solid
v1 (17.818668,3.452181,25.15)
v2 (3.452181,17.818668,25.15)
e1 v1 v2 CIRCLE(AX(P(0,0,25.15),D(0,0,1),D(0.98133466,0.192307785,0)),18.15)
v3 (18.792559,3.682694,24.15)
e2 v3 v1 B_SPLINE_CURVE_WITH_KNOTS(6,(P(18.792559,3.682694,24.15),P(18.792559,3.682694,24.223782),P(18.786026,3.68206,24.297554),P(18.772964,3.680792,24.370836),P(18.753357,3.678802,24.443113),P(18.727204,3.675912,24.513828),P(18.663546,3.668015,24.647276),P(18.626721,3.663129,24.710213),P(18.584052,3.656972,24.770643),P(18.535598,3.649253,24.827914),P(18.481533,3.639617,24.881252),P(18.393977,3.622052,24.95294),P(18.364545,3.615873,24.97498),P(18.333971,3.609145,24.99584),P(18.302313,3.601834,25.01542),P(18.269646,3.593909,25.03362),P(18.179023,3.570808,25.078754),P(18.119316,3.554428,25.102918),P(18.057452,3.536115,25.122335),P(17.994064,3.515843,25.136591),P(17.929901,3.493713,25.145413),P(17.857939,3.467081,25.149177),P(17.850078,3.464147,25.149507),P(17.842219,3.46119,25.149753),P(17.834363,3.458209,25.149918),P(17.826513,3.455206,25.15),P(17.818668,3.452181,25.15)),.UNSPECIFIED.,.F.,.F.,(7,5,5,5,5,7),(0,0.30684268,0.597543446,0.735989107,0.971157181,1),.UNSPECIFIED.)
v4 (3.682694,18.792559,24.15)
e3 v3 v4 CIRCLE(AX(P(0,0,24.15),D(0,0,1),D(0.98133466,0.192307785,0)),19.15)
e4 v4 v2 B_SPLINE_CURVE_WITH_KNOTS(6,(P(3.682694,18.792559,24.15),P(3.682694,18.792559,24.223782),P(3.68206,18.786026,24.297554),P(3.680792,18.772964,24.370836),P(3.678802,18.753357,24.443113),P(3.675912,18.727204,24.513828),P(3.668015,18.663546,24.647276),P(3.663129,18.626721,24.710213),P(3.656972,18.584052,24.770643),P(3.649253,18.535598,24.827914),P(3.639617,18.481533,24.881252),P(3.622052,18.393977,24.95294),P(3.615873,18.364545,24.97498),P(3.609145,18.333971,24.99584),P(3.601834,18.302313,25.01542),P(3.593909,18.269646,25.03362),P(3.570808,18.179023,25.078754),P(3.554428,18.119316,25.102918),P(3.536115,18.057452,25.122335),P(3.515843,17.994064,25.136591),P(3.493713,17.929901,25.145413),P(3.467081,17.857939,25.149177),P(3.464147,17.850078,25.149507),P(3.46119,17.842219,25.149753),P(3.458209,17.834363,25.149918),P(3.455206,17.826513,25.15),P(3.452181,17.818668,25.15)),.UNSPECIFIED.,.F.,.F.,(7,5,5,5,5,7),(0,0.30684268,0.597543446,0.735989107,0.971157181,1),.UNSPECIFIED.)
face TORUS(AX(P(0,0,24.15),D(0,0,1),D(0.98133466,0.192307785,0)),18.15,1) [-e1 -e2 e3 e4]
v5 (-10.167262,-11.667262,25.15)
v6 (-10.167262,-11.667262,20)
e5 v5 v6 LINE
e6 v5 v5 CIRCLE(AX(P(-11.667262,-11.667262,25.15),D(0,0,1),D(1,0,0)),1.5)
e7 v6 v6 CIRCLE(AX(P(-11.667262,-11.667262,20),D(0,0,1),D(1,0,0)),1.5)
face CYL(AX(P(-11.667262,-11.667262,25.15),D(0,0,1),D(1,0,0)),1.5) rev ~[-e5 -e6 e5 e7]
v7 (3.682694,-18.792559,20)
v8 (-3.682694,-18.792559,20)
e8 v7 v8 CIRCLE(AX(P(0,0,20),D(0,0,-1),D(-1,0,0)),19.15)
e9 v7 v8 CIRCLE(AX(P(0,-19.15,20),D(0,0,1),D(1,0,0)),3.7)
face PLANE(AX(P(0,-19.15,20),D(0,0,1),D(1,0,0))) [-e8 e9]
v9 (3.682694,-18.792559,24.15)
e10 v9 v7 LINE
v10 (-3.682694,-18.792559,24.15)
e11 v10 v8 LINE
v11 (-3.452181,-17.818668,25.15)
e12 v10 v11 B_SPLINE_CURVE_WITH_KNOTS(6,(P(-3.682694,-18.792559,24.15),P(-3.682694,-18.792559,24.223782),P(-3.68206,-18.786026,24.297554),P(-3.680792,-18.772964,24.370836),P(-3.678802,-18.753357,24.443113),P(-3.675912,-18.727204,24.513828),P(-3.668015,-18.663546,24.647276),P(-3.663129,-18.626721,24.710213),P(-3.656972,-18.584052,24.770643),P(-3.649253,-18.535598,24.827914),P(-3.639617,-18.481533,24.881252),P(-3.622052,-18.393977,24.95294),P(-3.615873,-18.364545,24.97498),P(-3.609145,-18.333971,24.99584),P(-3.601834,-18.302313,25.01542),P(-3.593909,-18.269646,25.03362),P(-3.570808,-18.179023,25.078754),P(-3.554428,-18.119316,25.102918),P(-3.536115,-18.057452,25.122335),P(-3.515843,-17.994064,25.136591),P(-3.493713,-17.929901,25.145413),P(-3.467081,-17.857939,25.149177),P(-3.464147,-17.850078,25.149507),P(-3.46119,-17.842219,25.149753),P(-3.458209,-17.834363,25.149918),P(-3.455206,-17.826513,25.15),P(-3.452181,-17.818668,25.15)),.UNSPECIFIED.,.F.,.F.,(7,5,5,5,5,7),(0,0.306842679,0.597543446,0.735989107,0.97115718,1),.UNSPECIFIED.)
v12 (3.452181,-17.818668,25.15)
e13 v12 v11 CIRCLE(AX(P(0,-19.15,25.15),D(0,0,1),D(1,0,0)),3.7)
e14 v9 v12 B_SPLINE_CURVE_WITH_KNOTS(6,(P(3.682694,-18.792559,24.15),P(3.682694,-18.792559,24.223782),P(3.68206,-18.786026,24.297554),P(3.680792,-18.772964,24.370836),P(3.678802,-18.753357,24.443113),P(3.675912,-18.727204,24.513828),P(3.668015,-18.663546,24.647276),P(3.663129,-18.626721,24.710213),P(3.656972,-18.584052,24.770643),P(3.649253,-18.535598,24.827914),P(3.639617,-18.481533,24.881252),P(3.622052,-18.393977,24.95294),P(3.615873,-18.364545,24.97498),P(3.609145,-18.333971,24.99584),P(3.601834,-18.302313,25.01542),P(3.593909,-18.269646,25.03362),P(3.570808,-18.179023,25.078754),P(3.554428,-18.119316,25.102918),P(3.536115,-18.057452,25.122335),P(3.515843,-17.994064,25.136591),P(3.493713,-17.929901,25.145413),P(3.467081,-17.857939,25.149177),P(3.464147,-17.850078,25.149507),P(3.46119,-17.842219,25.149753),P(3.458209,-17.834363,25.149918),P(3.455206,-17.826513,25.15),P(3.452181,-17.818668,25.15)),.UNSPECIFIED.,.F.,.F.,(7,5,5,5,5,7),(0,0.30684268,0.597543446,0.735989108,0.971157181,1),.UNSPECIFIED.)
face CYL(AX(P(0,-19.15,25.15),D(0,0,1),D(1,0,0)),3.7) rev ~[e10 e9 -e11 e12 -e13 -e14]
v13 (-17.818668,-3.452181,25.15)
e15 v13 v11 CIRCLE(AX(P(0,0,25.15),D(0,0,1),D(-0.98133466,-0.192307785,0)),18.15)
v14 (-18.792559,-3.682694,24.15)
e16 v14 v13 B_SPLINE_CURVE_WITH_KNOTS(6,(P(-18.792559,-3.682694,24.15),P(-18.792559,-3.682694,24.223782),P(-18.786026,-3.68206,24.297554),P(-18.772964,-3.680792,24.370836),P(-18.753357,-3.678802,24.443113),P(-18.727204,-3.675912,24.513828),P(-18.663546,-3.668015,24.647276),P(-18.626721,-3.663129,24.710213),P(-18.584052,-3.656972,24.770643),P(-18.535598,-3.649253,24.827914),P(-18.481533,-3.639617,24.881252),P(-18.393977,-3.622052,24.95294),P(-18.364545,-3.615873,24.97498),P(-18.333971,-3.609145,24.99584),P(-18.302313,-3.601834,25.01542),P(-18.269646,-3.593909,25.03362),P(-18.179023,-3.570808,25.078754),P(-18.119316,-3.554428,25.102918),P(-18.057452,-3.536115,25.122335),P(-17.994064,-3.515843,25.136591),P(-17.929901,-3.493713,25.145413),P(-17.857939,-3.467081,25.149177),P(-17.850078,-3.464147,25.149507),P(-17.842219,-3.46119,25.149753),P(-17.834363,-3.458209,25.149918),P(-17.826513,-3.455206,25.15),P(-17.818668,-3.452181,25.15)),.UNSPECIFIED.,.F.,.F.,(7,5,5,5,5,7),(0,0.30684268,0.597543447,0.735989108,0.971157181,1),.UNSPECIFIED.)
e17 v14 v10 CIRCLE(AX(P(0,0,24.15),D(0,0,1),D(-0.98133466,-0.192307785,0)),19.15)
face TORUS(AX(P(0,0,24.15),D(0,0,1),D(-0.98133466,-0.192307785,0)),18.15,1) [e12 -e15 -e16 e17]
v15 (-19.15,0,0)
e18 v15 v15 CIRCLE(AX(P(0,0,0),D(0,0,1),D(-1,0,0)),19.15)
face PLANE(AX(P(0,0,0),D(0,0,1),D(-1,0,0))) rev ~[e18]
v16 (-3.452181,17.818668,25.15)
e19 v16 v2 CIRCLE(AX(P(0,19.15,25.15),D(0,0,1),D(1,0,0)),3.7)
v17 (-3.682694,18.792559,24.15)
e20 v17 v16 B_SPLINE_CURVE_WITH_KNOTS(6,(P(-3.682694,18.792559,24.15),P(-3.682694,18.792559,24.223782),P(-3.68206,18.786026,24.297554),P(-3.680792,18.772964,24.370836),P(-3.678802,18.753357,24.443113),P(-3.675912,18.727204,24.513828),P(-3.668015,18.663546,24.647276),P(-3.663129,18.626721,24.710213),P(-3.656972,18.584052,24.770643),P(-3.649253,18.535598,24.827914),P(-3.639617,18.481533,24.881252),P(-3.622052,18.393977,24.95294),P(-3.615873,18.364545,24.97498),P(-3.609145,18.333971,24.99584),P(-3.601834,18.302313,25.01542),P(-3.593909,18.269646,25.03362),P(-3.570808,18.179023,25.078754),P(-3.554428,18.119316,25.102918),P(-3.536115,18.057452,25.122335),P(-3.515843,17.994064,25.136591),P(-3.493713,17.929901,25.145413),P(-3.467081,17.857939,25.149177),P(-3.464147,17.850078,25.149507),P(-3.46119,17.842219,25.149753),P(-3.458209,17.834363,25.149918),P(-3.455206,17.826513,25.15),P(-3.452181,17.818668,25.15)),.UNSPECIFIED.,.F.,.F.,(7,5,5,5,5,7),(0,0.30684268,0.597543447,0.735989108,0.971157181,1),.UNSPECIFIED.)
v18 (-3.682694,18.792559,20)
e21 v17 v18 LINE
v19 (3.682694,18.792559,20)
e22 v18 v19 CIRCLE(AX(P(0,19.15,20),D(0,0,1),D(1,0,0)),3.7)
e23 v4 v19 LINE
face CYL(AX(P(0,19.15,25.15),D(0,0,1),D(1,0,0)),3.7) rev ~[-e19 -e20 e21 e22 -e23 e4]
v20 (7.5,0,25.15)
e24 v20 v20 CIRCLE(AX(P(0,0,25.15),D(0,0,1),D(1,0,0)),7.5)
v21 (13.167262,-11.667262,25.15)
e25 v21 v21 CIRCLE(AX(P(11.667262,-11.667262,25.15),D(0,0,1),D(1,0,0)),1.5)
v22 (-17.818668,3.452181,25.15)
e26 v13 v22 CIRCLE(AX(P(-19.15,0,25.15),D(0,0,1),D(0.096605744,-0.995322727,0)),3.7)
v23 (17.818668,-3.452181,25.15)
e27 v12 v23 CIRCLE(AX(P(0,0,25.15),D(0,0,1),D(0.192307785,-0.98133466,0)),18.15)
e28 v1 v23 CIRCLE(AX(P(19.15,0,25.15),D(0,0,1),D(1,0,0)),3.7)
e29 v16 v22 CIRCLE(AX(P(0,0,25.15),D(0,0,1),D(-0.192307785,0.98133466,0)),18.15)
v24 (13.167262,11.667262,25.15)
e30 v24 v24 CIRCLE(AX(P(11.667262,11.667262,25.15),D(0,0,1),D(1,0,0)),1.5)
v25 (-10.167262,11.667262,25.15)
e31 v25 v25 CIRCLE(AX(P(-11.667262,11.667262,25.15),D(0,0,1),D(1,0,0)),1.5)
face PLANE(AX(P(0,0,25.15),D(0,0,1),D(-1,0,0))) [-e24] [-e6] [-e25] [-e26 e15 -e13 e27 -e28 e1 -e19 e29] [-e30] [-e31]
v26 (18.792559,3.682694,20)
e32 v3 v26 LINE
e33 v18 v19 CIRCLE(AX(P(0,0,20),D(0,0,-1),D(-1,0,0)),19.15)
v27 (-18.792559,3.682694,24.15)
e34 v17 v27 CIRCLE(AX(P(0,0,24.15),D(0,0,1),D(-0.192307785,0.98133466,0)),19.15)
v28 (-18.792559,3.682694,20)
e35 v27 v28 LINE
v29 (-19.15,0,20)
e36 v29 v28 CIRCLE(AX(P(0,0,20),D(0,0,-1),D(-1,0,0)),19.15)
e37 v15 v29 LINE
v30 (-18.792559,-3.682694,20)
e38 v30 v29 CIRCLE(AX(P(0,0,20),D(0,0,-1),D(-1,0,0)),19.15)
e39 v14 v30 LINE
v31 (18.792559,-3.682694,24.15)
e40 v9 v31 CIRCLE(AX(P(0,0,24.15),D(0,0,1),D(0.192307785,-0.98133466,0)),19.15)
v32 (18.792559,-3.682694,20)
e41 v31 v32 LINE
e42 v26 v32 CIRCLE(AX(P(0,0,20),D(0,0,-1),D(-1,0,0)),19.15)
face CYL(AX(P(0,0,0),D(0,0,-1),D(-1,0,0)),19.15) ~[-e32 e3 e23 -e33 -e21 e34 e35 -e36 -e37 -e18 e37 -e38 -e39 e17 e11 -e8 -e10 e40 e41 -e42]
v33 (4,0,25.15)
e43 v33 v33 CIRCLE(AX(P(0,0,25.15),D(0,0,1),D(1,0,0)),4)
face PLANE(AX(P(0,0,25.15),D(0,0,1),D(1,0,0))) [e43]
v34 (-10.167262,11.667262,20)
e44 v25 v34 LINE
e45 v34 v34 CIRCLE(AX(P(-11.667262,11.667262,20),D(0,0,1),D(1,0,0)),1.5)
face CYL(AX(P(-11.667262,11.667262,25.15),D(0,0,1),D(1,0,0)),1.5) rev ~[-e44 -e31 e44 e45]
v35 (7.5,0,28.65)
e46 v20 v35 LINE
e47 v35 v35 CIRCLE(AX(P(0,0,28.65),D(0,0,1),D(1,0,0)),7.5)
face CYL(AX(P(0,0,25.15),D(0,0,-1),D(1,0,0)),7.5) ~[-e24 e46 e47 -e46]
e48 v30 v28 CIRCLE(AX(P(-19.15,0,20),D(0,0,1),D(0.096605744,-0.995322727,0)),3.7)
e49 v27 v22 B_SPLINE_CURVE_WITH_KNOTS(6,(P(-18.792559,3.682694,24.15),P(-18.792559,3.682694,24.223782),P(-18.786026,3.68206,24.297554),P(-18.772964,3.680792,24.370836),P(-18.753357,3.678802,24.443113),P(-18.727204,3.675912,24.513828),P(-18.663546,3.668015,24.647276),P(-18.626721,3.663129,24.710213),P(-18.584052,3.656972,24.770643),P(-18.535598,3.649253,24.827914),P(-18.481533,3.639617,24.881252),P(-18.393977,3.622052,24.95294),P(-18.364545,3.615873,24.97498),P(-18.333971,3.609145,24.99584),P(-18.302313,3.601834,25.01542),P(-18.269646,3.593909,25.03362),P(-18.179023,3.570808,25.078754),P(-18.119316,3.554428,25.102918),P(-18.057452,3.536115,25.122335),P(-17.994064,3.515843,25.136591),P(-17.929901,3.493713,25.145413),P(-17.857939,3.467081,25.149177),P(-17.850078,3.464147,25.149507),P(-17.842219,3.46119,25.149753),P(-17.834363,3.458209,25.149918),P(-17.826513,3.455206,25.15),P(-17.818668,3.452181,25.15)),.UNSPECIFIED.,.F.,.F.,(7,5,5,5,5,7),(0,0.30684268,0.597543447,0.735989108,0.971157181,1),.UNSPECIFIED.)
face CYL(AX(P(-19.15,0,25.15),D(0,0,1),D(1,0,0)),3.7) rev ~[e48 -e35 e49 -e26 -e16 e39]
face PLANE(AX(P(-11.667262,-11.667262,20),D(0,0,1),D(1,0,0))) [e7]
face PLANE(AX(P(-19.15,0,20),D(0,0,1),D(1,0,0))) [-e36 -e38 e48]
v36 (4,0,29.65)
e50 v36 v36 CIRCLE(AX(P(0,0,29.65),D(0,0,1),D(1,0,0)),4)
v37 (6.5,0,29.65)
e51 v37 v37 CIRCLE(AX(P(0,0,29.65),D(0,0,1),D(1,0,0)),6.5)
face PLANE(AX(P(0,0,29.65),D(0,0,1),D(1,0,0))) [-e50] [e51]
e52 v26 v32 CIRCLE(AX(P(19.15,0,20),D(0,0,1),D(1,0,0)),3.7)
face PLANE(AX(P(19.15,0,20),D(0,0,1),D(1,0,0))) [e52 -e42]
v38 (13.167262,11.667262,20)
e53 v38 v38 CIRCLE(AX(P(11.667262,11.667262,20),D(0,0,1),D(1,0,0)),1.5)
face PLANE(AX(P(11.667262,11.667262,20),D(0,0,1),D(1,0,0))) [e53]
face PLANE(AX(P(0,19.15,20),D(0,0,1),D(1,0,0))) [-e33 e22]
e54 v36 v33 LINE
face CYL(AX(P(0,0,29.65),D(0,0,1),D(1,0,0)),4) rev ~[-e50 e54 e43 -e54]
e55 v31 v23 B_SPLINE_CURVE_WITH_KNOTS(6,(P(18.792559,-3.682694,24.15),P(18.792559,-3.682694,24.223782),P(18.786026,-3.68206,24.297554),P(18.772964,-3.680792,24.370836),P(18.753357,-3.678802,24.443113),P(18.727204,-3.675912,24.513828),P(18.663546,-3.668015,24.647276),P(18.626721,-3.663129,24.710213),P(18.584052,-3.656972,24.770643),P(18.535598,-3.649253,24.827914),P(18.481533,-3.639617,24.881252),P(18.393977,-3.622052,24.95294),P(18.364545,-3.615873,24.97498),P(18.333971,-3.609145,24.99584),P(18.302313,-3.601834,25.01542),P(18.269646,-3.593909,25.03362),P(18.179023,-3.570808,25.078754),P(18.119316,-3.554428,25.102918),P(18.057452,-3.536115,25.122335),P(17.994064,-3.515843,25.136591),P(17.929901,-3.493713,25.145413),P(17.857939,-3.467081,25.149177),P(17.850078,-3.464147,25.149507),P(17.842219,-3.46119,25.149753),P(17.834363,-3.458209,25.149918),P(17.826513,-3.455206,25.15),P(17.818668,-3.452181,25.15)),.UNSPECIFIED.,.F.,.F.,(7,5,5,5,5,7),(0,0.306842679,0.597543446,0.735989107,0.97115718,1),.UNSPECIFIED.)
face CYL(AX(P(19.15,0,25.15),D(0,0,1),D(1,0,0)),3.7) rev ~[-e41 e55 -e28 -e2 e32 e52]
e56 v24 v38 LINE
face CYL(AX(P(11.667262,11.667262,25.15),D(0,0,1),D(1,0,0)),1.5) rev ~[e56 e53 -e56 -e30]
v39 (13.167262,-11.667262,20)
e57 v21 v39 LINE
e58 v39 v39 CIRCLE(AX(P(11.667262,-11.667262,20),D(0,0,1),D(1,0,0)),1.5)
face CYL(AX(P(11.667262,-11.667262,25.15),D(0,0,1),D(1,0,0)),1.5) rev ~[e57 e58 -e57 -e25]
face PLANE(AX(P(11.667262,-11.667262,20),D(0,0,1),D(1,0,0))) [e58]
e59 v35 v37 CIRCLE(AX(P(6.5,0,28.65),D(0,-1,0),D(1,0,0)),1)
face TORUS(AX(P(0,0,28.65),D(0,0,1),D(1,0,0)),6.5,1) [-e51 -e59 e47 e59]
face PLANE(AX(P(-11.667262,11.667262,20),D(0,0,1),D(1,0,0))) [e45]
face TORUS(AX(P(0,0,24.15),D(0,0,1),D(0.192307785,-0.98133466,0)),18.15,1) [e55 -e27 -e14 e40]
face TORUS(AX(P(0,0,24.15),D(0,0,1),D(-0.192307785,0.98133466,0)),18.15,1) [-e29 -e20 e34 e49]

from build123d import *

# Parameters (mm, degrees)
SKETCH2_R           = 19.15
BOSS_EXTRUDE1_DEPTH = 25.15
SKETCH3_R           = 1.5
SKETCH3_R_2         = 3.7
CUT_EXTRUDE1_DEPTH  = 5.15
SKETCH4_R           = 7.5
BOSS_EXTRUDE2_DEPTH = 4.5
SKETCH5_R           = 4
CUT_EXTRUDE2_DEPTH  = 4.5
FILLET1_R           = 1


with BuildPart() as part:
    # Sketch2 → Boss-Extrude1 (new body)
    with BuildSketch(Plane.XY):
        with Locations(Location((0, 0, 0), (0, 0, 180))):
            Circle(SKETCH2_R)
    extrude(amount=BOSS_EXTRUDE1_DEPTH)

    # Sketch3 → Cut-Extrude1 (cut)
    with BuildSketch(Plane.XY.offset(25.15)):
        with Locations((11.66726189, 11.66726189)):
            Circle(SKETCH3_R)
        with Locations((-11.66726189, -11.66726189)):
            Circle(SKETCH3_R)
        with Locations((11.66726189, -11.66726189)):
            Circle(SKETCH3_R)
        with Locations((-11.66726189, 11.66726189)):
            Circle(SKETCH3_R)
        with Locations((0, 19.15)):
            Circle(SKETCH3_R_2)
        with Locations((0, -19.15)):
            Circle(SKETCH3_R_2)
        with Locations((-19.15, 0)):
            Circle(SKETCH3_R_2)
        with Locations((19.15, 0)):
            Circle(SKETCH3_R_2)
    extrude(amount=-CUT_EXTRUDE1_DEPTH, mode=Mode.SUBTRACT)

    # Sketch4 → Boss-Extrude2 (add)
    with BuildSketch(Plane.XY.offset(25.15)):
        Circle(SKETCH4_R)
    extrude(amount=BOSS_EXTRUDE2_DEPTH)

    # Sketch5 → Cut-Extrude2 (cut)
    with BuildSketch(Plane.XY.offset(29.65)):
        Circle(SKETCH5_R)
    extrude(amount=-CUT_EXTRUDE2_DEPTH, mode=Mode.SUBTRACT)

    # Fillet1
    fillet1_edges = [part.edges().sort_by_distance(p)[0] for p in [
        (13.54109486, 13.54109486, 25.15),
        (-7.5, 0, 29.65),
        (-13.54109486, 13.54109486, 25.15),
        (-13.54109486, -13.54109486, 25.15),
        (13.54109486, -13.54109486, 25.15),
    ]]
    fillet(fillet1_edges, radius=FILLET1_R)


solid = part.part
